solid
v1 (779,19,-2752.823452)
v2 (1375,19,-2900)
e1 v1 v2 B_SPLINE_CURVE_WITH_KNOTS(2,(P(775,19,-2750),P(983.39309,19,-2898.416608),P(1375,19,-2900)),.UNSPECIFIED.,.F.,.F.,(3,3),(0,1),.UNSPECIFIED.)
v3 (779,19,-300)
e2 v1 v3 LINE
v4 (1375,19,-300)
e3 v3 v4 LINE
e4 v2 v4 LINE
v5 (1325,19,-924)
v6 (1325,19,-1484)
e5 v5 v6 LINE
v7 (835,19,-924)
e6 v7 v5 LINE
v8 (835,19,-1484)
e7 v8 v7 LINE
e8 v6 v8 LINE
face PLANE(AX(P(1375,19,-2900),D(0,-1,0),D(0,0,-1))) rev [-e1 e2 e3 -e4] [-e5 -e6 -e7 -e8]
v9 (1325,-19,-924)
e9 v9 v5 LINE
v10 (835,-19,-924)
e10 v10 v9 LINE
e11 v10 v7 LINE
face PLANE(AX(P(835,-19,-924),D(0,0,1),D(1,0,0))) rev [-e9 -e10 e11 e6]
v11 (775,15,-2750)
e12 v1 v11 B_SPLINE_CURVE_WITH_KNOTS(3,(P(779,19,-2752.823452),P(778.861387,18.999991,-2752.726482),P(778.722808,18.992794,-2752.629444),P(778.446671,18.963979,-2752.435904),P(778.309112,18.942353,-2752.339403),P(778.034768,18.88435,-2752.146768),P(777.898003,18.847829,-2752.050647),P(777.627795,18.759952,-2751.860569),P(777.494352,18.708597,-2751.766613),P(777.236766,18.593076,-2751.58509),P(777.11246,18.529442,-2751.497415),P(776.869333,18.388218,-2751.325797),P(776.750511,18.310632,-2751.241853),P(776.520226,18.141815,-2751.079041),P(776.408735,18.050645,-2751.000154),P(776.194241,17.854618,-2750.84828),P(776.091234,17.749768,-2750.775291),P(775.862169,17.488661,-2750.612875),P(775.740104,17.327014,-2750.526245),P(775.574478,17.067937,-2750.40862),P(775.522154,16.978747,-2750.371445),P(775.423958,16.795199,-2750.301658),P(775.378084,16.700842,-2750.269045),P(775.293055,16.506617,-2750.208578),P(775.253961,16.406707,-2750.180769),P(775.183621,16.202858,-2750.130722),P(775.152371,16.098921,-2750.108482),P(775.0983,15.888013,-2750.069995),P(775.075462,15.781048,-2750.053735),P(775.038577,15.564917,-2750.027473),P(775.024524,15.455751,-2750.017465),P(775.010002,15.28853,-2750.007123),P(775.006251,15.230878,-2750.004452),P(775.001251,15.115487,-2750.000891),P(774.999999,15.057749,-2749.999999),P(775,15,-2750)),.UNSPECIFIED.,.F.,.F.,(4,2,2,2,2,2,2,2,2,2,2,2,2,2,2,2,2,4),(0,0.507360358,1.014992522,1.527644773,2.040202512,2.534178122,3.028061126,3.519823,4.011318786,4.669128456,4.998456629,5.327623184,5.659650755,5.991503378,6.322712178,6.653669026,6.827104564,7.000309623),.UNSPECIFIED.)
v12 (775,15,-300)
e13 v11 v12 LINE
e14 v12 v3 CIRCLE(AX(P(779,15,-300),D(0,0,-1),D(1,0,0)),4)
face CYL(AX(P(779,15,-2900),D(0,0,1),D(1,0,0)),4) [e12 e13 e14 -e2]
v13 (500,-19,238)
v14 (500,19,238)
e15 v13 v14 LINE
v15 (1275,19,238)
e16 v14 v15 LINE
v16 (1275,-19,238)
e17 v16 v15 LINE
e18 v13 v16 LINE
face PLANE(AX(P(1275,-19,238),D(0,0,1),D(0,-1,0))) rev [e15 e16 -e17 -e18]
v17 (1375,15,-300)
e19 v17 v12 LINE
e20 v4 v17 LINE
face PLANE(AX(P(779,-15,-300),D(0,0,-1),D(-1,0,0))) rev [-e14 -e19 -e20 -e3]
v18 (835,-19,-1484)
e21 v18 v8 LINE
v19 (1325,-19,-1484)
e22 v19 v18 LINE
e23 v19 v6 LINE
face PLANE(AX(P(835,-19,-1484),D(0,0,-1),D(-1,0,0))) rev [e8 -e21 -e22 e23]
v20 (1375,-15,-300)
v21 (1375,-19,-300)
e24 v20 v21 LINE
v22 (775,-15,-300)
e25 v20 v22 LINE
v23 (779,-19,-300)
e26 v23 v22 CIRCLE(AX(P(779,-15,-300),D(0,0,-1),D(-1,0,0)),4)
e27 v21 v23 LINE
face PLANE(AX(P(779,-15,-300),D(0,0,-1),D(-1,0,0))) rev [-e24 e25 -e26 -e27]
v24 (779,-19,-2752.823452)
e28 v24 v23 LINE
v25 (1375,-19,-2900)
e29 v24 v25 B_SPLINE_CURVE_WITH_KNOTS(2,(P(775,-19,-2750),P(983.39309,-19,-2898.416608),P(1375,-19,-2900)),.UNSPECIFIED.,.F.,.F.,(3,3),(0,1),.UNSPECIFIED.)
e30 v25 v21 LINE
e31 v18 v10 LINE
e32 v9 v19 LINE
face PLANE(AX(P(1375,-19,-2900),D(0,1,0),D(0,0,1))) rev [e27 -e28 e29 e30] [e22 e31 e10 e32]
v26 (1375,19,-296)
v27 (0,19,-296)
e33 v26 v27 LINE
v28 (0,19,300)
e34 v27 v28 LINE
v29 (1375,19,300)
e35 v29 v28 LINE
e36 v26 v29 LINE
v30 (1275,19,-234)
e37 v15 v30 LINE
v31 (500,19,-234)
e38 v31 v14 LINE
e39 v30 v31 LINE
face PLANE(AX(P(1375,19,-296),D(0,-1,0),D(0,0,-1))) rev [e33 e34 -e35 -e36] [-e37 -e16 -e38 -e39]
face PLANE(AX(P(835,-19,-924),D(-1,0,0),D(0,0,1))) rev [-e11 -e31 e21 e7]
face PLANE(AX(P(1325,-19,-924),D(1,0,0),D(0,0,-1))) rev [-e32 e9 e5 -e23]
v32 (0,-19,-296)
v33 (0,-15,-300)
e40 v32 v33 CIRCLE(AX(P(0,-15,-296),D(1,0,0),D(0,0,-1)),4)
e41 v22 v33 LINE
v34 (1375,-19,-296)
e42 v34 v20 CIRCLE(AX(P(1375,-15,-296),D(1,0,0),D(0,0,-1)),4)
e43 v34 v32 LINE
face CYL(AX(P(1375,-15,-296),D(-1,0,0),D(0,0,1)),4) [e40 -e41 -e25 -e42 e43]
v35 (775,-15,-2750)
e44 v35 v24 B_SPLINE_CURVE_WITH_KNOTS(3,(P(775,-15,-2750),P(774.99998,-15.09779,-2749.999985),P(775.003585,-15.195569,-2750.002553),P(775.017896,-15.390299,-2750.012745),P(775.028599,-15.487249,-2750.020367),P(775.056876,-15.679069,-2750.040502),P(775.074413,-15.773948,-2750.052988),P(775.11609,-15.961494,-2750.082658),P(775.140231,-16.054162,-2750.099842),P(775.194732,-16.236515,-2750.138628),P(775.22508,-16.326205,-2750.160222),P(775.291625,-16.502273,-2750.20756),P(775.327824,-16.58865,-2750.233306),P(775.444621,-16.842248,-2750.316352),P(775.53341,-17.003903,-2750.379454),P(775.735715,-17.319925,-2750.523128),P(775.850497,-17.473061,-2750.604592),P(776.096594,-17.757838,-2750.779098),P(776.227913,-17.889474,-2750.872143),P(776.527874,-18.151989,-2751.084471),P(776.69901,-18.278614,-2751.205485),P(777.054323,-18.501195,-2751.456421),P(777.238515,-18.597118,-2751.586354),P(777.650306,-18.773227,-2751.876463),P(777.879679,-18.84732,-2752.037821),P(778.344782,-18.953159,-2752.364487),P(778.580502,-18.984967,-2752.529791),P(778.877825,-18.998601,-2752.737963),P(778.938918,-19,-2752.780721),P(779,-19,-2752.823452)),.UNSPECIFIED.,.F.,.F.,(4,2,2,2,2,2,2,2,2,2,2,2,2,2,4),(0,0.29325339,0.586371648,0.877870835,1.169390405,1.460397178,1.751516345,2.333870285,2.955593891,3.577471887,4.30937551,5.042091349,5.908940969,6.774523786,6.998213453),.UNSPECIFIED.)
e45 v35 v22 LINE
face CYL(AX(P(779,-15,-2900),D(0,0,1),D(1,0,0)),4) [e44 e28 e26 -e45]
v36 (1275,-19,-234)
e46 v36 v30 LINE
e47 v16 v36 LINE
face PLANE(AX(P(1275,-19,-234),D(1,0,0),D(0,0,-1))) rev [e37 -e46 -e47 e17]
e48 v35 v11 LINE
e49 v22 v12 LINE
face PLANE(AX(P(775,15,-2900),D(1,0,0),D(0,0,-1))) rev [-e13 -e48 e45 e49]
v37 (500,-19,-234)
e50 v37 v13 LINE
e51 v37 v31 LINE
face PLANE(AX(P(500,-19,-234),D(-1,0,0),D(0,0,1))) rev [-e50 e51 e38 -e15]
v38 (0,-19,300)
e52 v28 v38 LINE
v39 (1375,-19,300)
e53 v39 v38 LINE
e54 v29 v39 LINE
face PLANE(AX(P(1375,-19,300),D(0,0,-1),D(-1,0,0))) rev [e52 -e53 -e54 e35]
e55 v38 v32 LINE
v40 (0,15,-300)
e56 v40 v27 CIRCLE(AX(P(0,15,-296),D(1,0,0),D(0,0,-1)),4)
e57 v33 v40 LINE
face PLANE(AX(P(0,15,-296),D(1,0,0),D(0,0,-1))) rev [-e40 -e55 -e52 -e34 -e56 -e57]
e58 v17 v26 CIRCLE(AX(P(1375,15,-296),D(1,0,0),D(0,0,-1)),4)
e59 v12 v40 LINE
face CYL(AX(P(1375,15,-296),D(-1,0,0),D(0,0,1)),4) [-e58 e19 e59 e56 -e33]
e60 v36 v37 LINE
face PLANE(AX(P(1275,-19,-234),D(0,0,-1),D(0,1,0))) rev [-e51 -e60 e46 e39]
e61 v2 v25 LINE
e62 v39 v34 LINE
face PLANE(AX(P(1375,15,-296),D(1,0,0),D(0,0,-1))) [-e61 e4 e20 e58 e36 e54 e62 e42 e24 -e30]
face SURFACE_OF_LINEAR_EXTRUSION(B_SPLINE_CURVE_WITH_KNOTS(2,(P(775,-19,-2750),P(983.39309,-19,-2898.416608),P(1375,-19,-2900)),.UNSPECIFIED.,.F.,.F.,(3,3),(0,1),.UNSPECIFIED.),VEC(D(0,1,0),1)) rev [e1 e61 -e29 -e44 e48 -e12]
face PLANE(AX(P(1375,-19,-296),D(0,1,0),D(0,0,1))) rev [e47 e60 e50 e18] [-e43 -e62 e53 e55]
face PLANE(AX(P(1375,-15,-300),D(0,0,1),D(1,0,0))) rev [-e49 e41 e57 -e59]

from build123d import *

# Parameters (mm, degrees)
BOSS_EXTRUDE1_DEPTH = 1375
BOSS_EXTRUDE2_DEPTH = 2600
SKETCH4_W           = 775
SKETCH4_H           = 472
SINK_DEPTH          = 39
SKETCH5_W           = 490
SKETCH5_H           = 560
PANEL_DEPTH         = 39
CUT_EXTRUDE2_DEPTH  = 39


with BuildPart() as part:
    # Sketch2 → Boss-Extrude1 (new body)
    with BuildSketch(Plane(origin=(0, 0, 0), x_dir=(0, 0, -1), z_dir=(1, 0, 0))):
        with BuildLine():
            Line((296, -19), (-300, -19))
            Line((-300, -19), (-300, 19))
            Line((-300, 19), (296, 19))
            ThreePointArc((296, 19), (298.828427125, 17.828427125), (300, 15))
            Line((300, 15), (300, -15))
            ThreePointArc((300, -15), (298.828427125, -17.828427125), (296, -19))
        make_face()
    extrude(amount=BOSS_EXTRUDE1_DEPTH)

    # Sketch3 → Boss-Extrude2 (add)
    with BuildSketch(Plane(origin=(0, 0, -300), x_dir=(-1, 0, 0), z_dir=(0, 0, -1))):
        with BuildLine():
            Line((-1375, 19), (-779, 19))
            ThreePointArc((-779, 19), (-776.171572875, 17.828427125), (-775, 15))
            Line((-775, 15), (-775, -15))
            ThreePointArc((-775, -15), (-776.171572875, -17.828427125), (-779, -19))
            Line((-779, -19), (-1375, -19))
            Line((-1375, -19), (-1375, 19))
        make_face()
    extrude(amount=BOSS_EXTRUDE2_DEPTH)

    # Sketch4 → sink (cut, through all)
    with BuildSketch(Plane(origin=(0, 19, 0), x_dir=(1, 0, 0), z_dir=(0, 1, 0))):
        with Locations((887.5, -2)):
            Rectangle(SKETCH4_W, SKETCH4_H)
    extrude(amount=-SINK_DEPTH, mode=Mode.SUBTRACT)

    # Sketch5 → panel (cut, through all)
    with BuildSketch(Plane(origin=(0, 19, 0), x_dir=(1, 0, 0), z_dir=(0, 1, 0))):
        with Locations((1080, 1204)):
            Rectangle(SKETCH5_W, SKETCH5_H)
    extrude(amount=-PANEL_DEPTH, mode=Mode.SUBTRACT)

    # Sketch7 → Cut-Extrude2 (cut, through all)
    with BuildSketch(Plane(origin=(0, 19, 0), x_dir=(1, 0, 0), z_dir=(0, 1, 0))):
        with BuildLine():
            Line((775, 2750), (581.090205062, 2808.629512904))
            Line((581.090205062, 2808.629512904), (669.529135366, 3022.428480339))
            Line((669.529135366, 3022.428480339), (1128.037764323, 3045.611500904))
            Line((1128.037764323, 3045.611500904), (1325.322294603, 3055.586561424))
            Line((1325.322294603, 3055.586561424), (1375, 2900))
            add(Edge.make_bspline(
                [(775, 2750), (983.393090417, 2898.416607851), (1375, 2900)],
                knots=[0, 0, 0, 1, 1, 1], degree=2))
        make_face()
    extrude(amount=-CUT_EXTRUDE2_DEPTH, mode=Mode.SUBTRACT)


solid = part.part
